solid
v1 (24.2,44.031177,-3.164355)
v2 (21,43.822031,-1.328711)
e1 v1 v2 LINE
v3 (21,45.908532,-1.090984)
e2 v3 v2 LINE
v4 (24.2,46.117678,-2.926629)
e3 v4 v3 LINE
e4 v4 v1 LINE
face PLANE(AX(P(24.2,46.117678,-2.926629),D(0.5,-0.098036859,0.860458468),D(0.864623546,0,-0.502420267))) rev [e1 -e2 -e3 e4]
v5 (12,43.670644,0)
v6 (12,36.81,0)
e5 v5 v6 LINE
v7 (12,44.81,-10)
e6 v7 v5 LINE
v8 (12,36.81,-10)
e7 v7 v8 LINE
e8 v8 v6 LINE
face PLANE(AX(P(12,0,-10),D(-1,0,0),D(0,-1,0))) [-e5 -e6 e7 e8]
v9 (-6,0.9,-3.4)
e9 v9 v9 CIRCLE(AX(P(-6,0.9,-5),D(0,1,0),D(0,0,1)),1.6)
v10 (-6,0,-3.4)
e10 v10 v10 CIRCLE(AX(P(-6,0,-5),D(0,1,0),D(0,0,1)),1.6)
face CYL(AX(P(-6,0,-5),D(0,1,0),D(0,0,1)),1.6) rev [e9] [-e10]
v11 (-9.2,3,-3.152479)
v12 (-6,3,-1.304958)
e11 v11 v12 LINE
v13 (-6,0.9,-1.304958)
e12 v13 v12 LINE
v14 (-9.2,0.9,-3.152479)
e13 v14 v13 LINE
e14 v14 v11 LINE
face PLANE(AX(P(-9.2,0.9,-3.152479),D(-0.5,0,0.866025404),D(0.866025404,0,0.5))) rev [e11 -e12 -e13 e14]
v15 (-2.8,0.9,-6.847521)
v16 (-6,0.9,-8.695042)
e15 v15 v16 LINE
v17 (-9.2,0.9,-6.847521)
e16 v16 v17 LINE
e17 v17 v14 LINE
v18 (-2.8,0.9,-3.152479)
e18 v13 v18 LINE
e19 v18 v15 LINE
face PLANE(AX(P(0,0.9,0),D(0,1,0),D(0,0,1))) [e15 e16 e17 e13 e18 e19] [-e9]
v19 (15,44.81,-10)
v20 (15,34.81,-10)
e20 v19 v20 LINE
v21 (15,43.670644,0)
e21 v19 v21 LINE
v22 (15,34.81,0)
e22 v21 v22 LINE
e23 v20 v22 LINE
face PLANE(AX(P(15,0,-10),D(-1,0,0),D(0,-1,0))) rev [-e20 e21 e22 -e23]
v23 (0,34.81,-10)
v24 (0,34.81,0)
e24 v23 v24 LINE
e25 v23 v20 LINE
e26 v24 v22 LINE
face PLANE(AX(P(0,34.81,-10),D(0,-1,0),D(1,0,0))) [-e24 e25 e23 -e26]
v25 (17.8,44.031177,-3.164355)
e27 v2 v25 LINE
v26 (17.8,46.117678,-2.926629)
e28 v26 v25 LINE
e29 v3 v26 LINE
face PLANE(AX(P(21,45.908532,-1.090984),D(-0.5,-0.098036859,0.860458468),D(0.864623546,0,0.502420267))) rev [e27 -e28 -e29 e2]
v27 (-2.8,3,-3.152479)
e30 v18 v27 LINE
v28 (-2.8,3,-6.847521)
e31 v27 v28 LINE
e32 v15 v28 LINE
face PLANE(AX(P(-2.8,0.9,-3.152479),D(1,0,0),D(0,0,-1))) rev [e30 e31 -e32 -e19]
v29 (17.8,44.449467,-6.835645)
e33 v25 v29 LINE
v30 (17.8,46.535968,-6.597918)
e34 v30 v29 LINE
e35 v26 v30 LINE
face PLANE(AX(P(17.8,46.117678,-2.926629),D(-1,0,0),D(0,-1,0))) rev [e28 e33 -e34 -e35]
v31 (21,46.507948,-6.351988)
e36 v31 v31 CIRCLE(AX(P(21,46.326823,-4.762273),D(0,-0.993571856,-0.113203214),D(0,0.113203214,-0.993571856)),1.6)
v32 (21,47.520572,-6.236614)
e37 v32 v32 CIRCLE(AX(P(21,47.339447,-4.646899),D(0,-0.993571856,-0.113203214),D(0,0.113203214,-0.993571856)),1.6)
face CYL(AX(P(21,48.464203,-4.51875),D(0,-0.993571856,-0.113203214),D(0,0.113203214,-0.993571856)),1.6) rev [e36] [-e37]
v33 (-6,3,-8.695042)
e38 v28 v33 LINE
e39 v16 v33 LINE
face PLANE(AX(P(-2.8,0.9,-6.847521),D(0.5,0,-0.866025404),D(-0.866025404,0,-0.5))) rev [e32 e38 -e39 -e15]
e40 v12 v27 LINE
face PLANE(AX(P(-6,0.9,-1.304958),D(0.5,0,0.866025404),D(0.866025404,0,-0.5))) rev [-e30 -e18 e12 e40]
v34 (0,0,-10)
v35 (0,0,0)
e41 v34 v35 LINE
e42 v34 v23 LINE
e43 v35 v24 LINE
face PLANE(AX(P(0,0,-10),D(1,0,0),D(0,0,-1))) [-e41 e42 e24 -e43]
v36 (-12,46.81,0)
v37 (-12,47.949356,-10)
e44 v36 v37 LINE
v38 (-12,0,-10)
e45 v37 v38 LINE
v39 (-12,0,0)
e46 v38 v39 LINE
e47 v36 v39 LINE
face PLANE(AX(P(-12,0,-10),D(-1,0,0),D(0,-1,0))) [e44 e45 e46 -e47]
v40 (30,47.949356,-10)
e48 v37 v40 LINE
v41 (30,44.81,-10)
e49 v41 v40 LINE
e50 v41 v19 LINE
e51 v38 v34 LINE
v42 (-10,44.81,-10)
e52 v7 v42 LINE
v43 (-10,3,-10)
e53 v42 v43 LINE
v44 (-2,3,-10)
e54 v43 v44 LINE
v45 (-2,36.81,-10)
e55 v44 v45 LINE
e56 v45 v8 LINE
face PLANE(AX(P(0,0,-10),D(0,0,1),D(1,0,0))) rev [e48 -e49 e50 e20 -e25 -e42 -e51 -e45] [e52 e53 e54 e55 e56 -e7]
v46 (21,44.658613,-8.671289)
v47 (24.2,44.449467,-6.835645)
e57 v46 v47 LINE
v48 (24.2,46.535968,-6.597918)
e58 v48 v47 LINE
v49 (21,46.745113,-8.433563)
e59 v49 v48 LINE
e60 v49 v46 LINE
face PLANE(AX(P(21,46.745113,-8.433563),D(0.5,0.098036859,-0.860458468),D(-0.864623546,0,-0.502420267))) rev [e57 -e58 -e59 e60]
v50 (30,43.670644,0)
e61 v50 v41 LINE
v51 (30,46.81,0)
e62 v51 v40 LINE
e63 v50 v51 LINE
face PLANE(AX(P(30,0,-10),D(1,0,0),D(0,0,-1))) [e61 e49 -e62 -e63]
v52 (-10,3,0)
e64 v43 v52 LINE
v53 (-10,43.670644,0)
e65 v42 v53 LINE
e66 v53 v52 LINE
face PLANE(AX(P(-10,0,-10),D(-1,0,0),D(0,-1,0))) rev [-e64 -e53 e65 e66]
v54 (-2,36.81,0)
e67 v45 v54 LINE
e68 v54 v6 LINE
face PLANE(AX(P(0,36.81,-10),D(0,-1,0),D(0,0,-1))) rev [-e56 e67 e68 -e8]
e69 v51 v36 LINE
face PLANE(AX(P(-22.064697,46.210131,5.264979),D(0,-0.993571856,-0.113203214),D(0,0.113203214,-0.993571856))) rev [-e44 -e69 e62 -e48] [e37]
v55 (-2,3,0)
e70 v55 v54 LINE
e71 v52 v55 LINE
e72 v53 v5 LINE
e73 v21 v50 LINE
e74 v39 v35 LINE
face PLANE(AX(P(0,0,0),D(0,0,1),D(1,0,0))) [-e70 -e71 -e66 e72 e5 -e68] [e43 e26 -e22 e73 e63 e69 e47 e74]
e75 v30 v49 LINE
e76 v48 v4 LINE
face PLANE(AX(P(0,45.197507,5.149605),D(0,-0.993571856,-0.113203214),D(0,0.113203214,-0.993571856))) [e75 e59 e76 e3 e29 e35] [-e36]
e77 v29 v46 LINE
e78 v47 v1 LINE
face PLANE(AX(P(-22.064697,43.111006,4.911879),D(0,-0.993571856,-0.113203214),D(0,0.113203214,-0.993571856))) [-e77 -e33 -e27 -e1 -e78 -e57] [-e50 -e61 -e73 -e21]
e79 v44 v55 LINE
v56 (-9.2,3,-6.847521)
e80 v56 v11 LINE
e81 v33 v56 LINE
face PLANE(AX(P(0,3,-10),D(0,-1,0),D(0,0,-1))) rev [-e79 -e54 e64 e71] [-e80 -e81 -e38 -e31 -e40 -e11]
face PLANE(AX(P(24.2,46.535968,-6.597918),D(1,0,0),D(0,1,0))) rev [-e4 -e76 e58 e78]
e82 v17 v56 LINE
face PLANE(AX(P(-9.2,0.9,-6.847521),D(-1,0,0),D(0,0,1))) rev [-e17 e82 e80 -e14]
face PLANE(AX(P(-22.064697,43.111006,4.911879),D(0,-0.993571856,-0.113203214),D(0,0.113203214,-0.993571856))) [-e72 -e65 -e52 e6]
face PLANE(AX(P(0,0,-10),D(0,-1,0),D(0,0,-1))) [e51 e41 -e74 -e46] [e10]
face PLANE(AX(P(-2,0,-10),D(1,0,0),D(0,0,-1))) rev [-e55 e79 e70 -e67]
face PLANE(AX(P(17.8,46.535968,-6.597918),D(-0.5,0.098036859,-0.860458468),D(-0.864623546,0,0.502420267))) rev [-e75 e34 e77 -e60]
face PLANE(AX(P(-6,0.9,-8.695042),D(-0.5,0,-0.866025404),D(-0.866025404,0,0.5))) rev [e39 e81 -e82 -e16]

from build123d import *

# Parameters (mm, degrees)
BOSS_EXTRUDE1_DEPTH = 10
BOSS_EXTRUDE2_REACH = 65.68
SKETCH3_R           = 1.6
CUT_EXTRUDE1_DEPTH  = 2.1
SKETCH3_2_R         = 1.6
CUT_EXTRUDE2_DEPTH  = 55.597829326
SKETCH4_R           = 1.6
CUT_EXTRUDE3_DEPTH  = 2.1
SKETCH4_4_R         = 1.6
CUT_EXTRUDE4_DEPTH  = 55.958571782


with BuildPart() as part:
    # Sketch1 → Boss-Extrude1 (new body)
    with BuildSketch(Plane.XY):
        Polygon((-12, 0), (0, 0), (0, 34.81), (15, 34.81), (15, 44.81), (30, 44.81), (30, 46.81), (-12, 46.81), align=None)
        Polygon((12, 36.81), (-2, 36.81), (-2, 3), (-10, 3), (-10, 44.81), (12, 44.81), align=None, mode=Mode.SUBTRACT)
    extrude(amount=-BOSS_EXTRUDE1_DEPTH)

    # Boss-Extrude2: up to this face of the body (flat: up to its plane)
    boss_extrude2_end = Plane(part.part.faces().sort_by_distance((-12, 23.405, -5))[0])
    # Sketch2 → Boss-Extrude2 (add, up to the picked face)
    with BuildSketch(Plane(origin=(30, 0, 0), x_dir=(0, 0, -1), z_dir=(1, 0, 0)), mode=Mode.PRIVATE) as boss_extrude2_sk1:
        Polygon((10, 47.949356083), (0, 46.81), (10, 46.81), align=None)
    boss_extrude2_tool1 = split(extrude(boss_extrude2_sk1.sketch, amount=-BOSS_EXTRUDE2_REACH, mode=Mode.PRIVATE), bisect_by=boss_extrude2_end, keep=Keep.BOTH, mode=Mode.PRIVATE)
    # Sketch2 → Boss-Extrude2 (add, up to the picked face)
    with BuildSketch(Plane(origin=(30, 0, 0), x_dir=(0, 0, -1), z_dir=(1, 0, 0)), mode=Mode.PRIVATE) as boss_extrude2_sk2:
        Polygon((10, 44.81), (0, 44.81), (0, 43.670643917), align=None)
    boss_extrude2_tool2 = split(extrude(boss_extrude2_sk2.sketch, amount=-BOSS_EXTRUDE2_REACH, mode=Mode.PRIVATE), bisect_by=boss_extrude2_end, keep=Keep.BOTH, mode=Mode.PRIVATE)
    add(boss_extrude2_tool1.solids().sort_by(Axis((30, 47.189785, -6.666667), (-1, 0, 0)))[0])
    add(boss_extrude2_tool2.solids().sort_by(Axis((30, 44.430215, -3.333333), (-1, 0, 0)))[0])

    # Sketch3 → Cut-Extrude1 (cut)
    with BuildSketch(Plane(origin=(0, 43.11100603, 4.911878697), x_dir=(1, 0, 0), z_dir=(0, -0.9935718556765883, -0.11320321376790003))):
        Polygon((24.2, -8.128485041), (21, -6.280964179), (17.8, -8.128485041), (17.8, -11.823526764), (21, -13.671047625), (24.2, -11.823526764), align=None)
        with Locations(Location((21, -9.976005902, 0), (0, 0, 270))):
            Circle(SKETCH3_R, mode=Mode.SUBTRACT)
    extrude(amount=-CUT_EXTRUDE1_DEPTH, mode=Mode.SUBTRACT)

    # Sketch3<2> → Cut-Extrude2 (cut, through all)
    with BuildSketch(Plane(origin=(0, 43.11100603, 4.911878697), x_dir=(1, 0, 0), z_dir=(0, -0.9935718556765883, -0.11320321376790003))):
        with Locations(Location((21, -9.976005902, 0), (0, 0, 270))):
            Circle(SKETCH3_2_R)
    extrude(amount=-CUT_EXTRUDE2_DEPTH, mode=Mode.SUBTRACT)

    # Sketch4 → Cut-Extrude3 (cut)
    with BuildSketch(Plane(origin=(0, 3, 0), x_dir=(1, 0, 0), z_dir=(0, 1, 0))):
        Polygon((-2.8, 3.152479139), (-2.8, 6.847520861), (-6, 8.695041723), (-9.2, 6.847520861), (-9.2, 3.152479139), (-6, 1.304958277), align=None)
        with Locations(Location((-6, 5, 0), (0, 0, 270))):
            Circle(SKETCH4_R, mode=Mode.SUBTRACT)
    extrude(amount=-CUT_EXTRUDE3_DEPTH, mode=Mode.SUBTRACT)

    # Sketch4<4> → Cut-Extrude4 (cut, through all)
    with BuildSketch(Plane(origin=(0, 3, 0), x_dir=(1, 0, 0), z_dir=(0, 1, 0))):
        with Locations(Location((-6, 5, 0), (0, 0, 270))):
            Circle(SKETCH4_4_R)
    extrude(amount=-CUT_EXTRUDE4_DEPTH, mode=Mode.SUBTRACT)


solid = part.part
